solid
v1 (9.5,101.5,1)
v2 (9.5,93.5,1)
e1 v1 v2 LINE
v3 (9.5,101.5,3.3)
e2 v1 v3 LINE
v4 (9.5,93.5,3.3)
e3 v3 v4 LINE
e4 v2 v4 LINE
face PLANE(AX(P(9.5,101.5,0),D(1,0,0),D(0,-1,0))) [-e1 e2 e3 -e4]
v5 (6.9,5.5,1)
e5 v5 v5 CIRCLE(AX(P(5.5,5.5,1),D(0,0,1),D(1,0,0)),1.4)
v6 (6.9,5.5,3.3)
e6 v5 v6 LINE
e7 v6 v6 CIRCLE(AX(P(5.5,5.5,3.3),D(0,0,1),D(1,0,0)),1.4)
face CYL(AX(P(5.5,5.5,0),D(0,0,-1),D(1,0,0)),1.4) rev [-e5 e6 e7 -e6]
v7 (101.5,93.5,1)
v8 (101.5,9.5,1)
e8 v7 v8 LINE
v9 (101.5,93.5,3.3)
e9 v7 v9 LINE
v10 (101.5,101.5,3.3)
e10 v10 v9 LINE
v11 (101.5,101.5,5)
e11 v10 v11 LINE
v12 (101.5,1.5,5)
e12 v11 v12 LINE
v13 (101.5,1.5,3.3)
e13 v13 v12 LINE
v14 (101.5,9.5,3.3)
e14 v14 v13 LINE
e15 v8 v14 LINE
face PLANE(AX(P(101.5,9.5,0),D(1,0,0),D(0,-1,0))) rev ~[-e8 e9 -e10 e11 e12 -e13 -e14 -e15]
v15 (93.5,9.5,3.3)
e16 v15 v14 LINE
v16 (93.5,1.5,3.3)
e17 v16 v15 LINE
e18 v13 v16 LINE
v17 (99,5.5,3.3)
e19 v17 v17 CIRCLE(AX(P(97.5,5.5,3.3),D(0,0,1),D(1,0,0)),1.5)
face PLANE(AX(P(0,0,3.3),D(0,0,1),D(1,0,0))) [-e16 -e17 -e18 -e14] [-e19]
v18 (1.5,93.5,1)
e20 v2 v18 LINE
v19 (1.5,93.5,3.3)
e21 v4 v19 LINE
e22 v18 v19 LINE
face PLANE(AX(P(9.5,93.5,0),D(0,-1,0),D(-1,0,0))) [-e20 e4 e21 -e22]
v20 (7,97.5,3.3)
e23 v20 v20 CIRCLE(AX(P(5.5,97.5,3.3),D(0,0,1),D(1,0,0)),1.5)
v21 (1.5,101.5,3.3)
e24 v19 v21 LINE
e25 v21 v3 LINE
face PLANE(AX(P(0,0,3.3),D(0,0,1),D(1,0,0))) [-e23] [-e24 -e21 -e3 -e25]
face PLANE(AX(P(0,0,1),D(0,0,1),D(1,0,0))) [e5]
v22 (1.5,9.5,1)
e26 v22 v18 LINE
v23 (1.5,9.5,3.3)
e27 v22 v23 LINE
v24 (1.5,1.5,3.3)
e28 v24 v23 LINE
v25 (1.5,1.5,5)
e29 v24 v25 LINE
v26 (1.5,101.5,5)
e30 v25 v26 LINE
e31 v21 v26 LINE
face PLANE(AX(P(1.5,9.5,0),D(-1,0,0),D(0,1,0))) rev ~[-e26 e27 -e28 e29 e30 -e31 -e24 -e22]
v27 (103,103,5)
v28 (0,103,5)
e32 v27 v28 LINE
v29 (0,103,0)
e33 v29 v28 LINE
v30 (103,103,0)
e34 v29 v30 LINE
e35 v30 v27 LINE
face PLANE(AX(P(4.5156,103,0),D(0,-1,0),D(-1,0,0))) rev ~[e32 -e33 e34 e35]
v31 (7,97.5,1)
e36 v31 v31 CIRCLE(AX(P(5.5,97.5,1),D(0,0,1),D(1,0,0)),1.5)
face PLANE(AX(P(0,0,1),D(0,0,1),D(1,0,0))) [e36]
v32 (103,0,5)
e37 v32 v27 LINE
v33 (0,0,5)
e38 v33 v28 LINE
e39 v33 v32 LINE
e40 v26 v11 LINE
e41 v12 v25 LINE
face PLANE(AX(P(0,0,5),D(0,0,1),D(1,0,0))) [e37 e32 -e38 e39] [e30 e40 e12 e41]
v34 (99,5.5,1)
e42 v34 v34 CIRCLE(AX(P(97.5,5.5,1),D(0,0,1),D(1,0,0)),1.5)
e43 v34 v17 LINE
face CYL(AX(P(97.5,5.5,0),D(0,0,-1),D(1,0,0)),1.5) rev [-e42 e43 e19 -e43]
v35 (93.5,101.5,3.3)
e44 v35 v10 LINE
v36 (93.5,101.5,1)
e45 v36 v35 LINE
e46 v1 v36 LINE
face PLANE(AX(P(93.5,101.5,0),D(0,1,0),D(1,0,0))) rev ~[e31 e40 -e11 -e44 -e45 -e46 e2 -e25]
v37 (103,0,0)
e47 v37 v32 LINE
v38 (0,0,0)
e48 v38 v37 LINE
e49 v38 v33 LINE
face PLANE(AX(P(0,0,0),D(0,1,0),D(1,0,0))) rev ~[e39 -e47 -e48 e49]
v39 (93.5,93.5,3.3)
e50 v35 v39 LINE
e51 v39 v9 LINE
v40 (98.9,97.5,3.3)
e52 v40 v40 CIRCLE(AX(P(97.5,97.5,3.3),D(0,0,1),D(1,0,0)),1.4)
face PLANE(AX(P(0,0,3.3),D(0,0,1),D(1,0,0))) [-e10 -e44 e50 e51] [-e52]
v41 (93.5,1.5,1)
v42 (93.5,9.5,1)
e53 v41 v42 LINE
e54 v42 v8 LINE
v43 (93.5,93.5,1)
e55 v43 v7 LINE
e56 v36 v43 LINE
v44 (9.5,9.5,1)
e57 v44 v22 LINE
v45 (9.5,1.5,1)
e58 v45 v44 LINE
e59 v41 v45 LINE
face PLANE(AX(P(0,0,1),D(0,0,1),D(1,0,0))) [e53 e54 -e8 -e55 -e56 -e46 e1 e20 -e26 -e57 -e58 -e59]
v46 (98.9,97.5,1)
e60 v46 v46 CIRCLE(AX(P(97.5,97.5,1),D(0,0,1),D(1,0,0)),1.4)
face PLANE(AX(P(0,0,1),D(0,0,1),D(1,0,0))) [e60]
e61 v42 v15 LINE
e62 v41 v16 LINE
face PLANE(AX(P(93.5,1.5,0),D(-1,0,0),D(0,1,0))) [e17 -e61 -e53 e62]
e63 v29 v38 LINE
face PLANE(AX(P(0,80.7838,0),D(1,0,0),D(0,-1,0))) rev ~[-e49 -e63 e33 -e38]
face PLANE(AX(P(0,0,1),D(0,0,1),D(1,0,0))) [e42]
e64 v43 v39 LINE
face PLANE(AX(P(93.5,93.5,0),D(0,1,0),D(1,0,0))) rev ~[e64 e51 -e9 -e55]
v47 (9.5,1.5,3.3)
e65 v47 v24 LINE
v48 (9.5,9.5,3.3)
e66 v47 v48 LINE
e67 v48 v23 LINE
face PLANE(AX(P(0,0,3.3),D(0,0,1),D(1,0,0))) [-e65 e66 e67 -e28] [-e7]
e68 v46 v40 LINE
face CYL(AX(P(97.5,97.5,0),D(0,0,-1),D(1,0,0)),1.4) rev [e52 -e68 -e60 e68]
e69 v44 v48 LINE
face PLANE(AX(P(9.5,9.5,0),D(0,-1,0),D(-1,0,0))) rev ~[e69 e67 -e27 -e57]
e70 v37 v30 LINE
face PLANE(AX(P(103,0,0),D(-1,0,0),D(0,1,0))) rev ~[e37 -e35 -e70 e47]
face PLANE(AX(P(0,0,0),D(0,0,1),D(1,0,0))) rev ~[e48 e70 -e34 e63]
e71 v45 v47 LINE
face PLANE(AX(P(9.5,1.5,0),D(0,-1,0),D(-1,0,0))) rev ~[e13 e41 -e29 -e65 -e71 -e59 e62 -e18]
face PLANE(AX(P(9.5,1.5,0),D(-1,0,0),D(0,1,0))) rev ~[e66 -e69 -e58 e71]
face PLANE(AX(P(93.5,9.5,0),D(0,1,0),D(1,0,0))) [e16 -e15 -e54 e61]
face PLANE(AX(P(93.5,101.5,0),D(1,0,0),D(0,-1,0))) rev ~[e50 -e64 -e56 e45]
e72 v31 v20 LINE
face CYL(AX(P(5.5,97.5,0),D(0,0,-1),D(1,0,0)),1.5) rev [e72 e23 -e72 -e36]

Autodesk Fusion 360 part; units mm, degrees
sketch "스케치1" plane through (0, 0, 0) normal (0, 0, 1) x (1, 0, 0)
  line L0 (0, 0) -> (103, 0)
  line L1 (103, 0) -> (103, 103)
  line L2 (103, 103) -> (0, 103)
  line L3 (0, 103) -> (0, 0)
  line L4 (0, 80.7838) -> (1.5, 80.7838)
  line L5 (4.5156, 103) -> (4.5156, 101.5)
  line L6 (1.5, 101.5) -> (101.5, 101.5)
  line L7 (101.5, 101.5) -> (101.5, 1.5)
  line L8 (101.5, 1.5) -> (1.5, 1.5)
  line L9 (1.5, 1.5) -> (1.5, 101.5)
  line L10 (1.5, 101.5) -> (9.5, 101.5)
  line L11 (9.5, 101.5) -> (9.5, 93.5)
  line L12 (9.5, 93.5) -> (1.5, 93.5)
  line L13 (1.5, 93.5) -> (1.5, 101.5)
  line L14 (1.5, 1.5) -> (9.5, 1.5)
  line L15 (9.5, 1.5) -> (9.5, 9.5)
  line L16 (9.5, 9.5) -> (1.5, 9.5)
  line L17 (1.5, 9.5) -> (1.5, 1.5)
  line L18 (101.5, 1.5) -> (93.5, 1.5)
  line L19 (93.5, 1.5) -> (93.5, 9.5)
  line L20 (93.5, 9.5) -> (101.5, 9.5)
  line L21 (101.5, 9.5) -> (101.5, 1.5)
  line L22 (101.5, 101.5) -> (93.5, 101.5)
  line L23 (93.5, 101.5) -> (93.5, 93.5)
  line L24 (93.5, 93.5) -> (101.5, 93.5)
  line L25 (101.5, 93.5) -> (101.5, 101.5)
  circle A0 centre (5.5, 97.5) radius 1.5
  circle A1 centre (97.5, 97.5) radius 1.4
  circle A2 centre (5.5, 5.5) radius 1.4
  circle A3 centre (97.5, 5.5) radius 1.5
  dimension "d1" = 103
  dimension "d5" = 100
  dimension "d6" = 100
  dimension "d7" = 1.5
  dimension "d8" = 1.5
  dimension "d9" = 1.5
  dimension "d10" = 8
  dimension "d11" = 8
  dimension "d12" = 8
  dimension "d13" = 8
  dimension "d14" = 8
  dimension "d15" = 8
  dimension "d16" = 8
  dimension "d17" = 8
  dimension "d18" = 3
  dimension "d20" = 4
  dimension "d21" = 4
  dimension "d22" = 2.8
  dimension "d23" = 4
  dimension "d24" = 4
  dimension "d25" = 2.8
  dimension "d26" = 4
  dimension "d27" = 4
  dimension "d28" = 3
  dimension "d29" = 4
  dimension "d30" = 4
extrude "돌출1" add sketch "스케치1" along normal blind 5 contours L0 L1 L2 L3 L4 L5 L6 L7 L8 L9 L10 L14 L17 L18 L21 L22 L25 | L2 L3 L4 L5 L6 L9 L10 L13
extrude "돌출2" add sketch "스케치1" along normal blind 3.3 contours L8 L9 L14 L15 L16 L17 | L6 L9 L10 L11 L12 L13 | L6 L7 L22 L23 L24 L25 | L7 L8 L18 L19 L20 L21
extrude "돌출3" add sketch "스케치1" along normal blind 1 contours L6 L7 L8 L9 L11 L12 L15 L16 L19 L20 L23 L24
extrude "돌출4" add sketch "스케치1" along normal blind 1 contours A0 | A1 | A2 | A3
